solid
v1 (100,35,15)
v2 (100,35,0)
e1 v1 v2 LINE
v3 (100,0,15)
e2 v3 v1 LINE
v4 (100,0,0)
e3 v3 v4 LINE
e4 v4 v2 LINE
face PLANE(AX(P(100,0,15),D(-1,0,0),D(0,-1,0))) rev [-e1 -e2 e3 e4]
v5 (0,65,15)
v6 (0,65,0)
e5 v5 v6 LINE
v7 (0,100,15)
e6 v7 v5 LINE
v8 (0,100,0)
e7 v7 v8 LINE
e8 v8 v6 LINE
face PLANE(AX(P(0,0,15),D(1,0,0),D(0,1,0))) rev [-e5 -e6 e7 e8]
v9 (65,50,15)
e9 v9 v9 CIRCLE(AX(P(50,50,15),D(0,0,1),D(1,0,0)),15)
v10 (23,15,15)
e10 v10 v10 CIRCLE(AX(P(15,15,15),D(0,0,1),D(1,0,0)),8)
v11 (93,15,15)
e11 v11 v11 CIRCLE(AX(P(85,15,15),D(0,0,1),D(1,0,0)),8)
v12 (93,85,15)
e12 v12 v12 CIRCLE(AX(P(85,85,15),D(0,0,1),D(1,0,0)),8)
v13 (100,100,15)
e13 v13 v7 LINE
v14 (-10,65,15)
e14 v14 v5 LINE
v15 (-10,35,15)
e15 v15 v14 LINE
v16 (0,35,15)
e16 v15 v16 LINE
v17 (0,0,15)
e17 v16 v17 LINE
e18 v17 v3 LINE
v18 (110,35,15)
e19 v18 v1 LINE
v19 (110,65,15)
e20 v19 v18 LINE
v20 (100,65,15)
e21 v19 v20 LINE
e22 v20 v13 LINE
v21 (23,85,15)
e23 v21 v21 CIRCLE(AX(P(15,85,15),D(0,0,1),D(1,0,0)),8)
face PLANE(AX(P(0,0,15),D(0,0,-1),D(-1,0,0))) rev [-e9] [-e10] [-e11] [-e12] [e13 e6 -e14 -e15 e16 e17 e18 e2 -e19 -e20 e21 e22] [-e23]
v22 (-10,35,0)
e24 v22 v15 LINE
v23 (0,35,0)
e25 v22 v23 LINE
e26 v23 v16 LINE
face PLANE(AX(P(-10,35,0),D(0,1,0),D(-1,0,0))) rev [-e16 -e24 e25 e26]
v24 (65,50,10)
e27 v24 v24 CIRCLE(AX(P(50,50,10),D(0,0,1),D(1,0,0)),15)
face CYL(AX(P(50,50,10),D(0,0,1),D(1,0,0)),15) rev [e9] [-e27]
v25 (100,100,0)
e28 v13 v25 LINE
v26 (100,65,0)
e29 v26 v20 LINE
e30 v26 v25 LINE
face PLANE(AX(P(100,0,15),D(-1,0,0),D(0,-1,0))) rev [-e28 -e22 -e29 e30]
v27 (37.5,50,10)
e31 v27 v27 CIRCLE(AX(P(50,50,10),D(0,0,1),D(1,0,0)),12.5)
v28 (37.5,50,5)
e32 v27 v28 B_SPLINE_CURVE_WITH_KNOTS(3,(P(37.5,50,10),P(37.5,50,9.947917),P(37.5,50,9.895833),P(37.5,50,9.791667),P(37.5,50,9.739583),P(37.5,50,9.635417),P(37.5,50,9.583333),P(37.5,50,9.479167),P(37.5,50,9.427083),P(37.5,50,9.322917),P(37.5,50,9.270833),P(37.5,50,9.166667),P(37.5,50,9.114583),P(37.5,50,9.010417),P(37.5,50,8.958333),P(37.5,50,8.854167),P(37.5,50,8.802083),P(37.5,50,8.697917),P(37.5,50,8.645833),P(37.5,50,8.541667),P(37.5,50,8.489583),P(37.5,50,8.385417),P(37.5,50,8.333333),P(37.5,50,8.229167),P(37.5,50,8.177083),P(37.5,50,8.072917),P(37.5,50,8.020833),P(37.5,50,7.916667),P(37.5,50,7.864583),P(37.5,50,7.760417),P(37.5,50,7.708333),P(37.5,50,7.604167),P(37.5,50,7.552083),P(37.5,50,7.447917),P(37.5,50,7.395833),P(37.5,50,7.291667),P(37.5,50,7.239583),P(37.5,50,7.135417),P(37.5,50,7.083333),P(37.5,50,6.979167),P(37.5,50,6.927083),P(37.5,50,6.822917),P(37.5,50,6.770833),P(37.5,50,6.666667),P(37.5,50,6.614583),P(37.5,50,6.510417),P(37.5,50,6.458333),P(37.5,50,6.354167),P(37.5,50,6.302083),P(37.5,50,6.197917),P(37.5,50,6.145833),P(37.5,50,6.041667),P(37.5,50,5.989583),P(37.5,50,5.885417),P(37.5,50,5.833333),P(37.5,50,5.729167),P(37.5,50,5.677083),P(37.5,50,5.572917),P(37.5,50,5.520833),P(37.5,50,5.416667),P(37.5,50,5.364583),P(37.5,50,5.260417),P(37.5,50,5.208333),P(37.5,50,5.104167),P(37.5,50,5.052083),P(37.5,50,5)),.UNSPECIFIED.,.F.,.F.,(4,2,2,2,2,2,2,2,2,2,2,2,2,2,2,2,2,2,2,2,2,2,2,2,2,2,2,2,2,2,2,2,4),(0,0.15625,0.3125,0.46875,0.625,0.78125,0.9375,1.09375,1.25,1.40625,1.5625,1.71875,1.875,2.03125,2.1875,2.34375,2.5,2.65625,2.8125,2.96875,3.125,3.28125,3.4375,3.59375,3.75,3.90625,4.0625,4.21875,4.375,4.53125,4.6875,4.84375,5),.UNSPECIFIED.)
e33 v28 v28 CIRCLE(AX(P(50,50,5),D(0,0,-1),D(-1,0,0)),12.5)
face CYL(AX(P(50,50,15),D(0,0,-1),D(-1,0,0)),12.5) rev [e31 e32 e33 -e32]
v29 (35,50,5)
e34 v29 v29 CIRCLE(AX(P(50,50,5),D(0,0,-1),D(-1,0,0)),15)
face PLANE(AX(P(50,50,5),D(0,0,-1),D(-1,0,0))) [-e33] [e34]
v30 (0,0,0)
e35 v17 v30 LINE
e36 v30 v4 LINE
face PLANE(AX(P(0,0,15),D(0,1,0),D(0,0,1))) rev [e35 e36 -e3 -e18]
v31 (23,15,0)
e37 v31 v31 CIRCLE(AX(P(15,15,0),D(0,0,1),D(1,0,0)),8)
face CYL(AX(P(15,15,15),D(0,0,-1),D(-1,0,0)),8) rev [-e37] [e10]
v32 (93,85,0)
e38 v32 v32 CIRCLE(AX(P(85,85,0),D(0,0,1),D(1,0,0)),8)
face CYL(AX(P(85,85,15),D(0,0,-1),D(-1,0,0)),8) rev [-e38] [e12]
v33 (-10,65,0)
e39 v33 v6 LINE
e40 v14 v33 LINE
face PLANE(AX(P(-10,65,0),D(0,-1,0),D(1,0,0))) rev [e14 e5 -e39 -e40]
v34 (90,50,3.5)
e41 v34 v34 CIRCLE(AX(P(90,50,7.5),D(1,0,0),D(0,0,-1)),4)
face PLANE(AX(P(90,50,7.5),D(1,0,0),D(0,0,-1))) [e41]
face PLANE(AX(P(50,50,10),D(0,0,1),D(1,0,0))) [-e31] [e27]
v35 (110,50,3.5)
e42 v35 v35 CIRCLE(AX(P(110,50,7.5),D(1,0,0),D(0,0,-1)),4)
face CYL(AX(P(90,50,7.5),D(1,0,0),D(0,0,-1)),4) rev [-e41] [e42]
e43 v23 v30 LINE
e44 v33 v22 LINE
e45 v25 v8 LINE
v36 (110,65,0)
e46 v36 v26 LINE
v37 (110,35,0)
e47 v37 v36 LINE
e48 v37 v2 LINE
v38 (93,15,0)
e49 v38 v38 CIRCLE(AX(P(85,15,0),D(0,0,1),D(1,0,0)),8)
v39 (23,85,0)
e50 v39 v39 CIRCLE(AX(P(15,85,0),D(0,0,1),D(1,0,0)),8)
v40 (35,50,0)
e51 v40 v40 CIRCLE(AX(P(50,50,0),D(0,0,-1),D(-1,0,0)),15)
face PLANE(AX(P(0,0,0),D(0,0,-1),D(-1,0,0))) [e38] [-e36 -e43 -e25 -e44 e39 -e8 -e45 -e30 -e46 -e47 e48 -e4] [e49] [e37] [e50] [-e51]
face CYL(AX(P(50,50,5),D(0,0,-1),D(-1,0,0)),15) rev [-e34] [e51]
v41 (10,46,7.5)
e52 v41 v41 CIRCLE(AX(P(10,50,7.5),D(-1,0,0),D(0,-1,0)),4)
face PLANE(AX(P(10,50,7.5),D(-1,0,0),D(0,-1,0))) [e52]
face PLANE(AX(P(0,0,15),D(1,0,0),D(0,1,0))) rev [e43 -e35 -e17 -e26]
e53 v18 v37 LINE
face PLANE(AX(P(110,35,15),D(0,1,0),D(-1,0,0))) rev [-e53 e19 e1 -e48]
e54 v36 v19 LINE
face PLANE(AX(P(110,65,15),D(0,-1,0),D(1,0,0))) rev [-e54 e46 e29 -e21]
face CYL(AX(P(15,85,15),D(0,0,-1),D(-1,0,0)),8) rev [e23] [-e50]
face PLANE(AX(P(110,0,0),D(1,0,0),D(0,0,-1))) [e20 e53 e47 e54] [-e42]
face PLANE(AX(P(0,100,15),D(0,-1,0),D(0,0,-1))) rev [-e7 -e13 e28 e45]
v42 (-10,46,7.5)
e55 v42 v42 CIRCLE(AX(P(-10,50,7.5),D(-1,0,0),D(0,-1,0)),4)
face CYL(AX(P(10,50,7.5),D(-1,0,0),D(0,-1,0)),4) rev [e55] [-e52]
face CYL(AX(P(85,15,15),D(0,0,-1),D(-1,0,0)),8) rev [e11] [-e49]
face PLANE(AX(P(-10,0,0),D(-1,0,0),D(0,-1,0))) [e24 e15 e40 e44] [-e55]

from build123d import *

# Parameters (mm, degrees)
SKETCH1_W           = 100
SKETCH1_H           = 100
SKETCH1_R           = 8
BOSS_EXTRUDE1_DEPTH = 15
SKETCH4_W           = 15
SKETCH4_H           = 30
BOSS_EXTRUDE2_DEPTH = 10
SKETCH7_W           = 15
SKETCH7_H           = 30
BOSS_EXTRUDE3_DEPTH = 10
SKETCH8_R           = 15
CUT_EXTRUDE1_DEPTH  = 5
CUT_EXTRUDE2_START  = -5
SKETCH10_R          = 15
CUT_EXTRUDE2_DEPTH  = 5
SKETCH11_R          = 12.5
CUT_EXTRUDE5_DEPTH  = 150.415527975
SKETCH12_R          = 4
CUT_EXTRUDE6_DEPTH  = 20
CUT_EXTRUDE7_START  = -20
SKETCH13_R          = 4
CUT_EXTRUDE7_DEPTH  = 20


with BuildPart() as part:
    # Sketch1 → Boss-Extrude1 (new body)
    with BuildSketch(Plane.XY):
        with Locations((50, 50)):
            Rectangle(SKETCH1_W, SKETCH1_H)
        with Locations((15, 85)):
            Circle(SKETCH1_R, mode=Mode.SUBTRACT)
        with Locations((85, 85)):
            Circle(SKETCH1_R, mode=Mode.SUBTRACT)
        with Locations((85, 15)):
            Circle(SKETCH1_R, mode=Mode.SUBTRACT)
        with Locations((15, 15)):
            Circle(SKETCH1_R, mode=Mode.SUBTRACT)
    extrude(amount=BOSS_EXTRUDE1_DEPTH)

    # Sketch4 → Boss-Extrude2 (add)
    with BuildSketch(Plane(origin=(100, 0, 0), x_dir=(0, 0, -1), z_dir=(1, 0, 0))):
        with Locations((-7.5, 50)):
            Rectangle(SKETCH4_W, SKETCH4_H)
    extrude(amount=BOSS_EXTRUDE2_DEPTH)

    # Sketch7 → Boss-Extrude3 (add)
    with BuildSketch(Plane.ZY):
        with Locations((7.5, 50)):
            Rectangle(SKETCH7_W, SKETCH7_H)
    extrude(amount=BOSS_EXTRUDE3_DEPTH)

    # Sketch8 → Cut-Extrude1 (cut)
    with BuildSketch(Plane.XY.offset(15)):
        with Locations((50, 50)):
            Circle(SKETCH8_R)
    extrude(amount=-CUT_EXTRUDE1_DEPTH, mode=Mode.SUBTRACT)

    # Sketch10 → Cut-Extrude2 (cut)
    with BuildSketch(Plane(origin=(0, 0, 0), x_dir=(-1, 0, 0), z_dir=(0, 0, -1)).offset(CUT_EXTRUDE2_START)):
        with Locations(Location((-50, 50, 0), (0, 0, 180))):
            Circle(SKETCH10_R)
    extrude(amount=CUT_EXTRUDE2_DEPTH, mode=Mode.SUBTRACT)

    # Sketch11 → Cut-Extrude5 (cut, through all)
    with BuildSketch(Plane(origin=(0, 0, 0), x_dir=(-1, 0, 0), z_dir=(0, 0, -1))):
        with Locations((-50, 50)):
            Circle(SKETCH11_R)
    extrude(amount=-CUT_EXTRUDE5_DEPTH, mode=Mode.SUBTRACT)

    # Sketch12 → Cut-Extrude6 (cut)
    with BuildSketch(Plane(origin=(110, 0, 0), x_dir=(0, 0, -1), z_dir=(1, 0, 0))):
        with Locations((-7.5, 50)):
            Circle(SKETCH12_R)
    extrude(amount=-CUT_EXTRUDE6_DEPTH, mode=Mode.SUBTRACT)

    # Sketch13 → Cut-Extrude7 (cut)
    with BuildSketch(Plane.ZY.offset(10).offset(CUT_EXTRUDE7_START)):
        with Locations(Location((7.5, 50, 0), (0, 0, 180))):
            Circle(SKETCH13_R)
    extrude(amount=CUT_EXTRUDE7_DEPTH, mode=Mode.SUBTRACT)


solid = part.part
